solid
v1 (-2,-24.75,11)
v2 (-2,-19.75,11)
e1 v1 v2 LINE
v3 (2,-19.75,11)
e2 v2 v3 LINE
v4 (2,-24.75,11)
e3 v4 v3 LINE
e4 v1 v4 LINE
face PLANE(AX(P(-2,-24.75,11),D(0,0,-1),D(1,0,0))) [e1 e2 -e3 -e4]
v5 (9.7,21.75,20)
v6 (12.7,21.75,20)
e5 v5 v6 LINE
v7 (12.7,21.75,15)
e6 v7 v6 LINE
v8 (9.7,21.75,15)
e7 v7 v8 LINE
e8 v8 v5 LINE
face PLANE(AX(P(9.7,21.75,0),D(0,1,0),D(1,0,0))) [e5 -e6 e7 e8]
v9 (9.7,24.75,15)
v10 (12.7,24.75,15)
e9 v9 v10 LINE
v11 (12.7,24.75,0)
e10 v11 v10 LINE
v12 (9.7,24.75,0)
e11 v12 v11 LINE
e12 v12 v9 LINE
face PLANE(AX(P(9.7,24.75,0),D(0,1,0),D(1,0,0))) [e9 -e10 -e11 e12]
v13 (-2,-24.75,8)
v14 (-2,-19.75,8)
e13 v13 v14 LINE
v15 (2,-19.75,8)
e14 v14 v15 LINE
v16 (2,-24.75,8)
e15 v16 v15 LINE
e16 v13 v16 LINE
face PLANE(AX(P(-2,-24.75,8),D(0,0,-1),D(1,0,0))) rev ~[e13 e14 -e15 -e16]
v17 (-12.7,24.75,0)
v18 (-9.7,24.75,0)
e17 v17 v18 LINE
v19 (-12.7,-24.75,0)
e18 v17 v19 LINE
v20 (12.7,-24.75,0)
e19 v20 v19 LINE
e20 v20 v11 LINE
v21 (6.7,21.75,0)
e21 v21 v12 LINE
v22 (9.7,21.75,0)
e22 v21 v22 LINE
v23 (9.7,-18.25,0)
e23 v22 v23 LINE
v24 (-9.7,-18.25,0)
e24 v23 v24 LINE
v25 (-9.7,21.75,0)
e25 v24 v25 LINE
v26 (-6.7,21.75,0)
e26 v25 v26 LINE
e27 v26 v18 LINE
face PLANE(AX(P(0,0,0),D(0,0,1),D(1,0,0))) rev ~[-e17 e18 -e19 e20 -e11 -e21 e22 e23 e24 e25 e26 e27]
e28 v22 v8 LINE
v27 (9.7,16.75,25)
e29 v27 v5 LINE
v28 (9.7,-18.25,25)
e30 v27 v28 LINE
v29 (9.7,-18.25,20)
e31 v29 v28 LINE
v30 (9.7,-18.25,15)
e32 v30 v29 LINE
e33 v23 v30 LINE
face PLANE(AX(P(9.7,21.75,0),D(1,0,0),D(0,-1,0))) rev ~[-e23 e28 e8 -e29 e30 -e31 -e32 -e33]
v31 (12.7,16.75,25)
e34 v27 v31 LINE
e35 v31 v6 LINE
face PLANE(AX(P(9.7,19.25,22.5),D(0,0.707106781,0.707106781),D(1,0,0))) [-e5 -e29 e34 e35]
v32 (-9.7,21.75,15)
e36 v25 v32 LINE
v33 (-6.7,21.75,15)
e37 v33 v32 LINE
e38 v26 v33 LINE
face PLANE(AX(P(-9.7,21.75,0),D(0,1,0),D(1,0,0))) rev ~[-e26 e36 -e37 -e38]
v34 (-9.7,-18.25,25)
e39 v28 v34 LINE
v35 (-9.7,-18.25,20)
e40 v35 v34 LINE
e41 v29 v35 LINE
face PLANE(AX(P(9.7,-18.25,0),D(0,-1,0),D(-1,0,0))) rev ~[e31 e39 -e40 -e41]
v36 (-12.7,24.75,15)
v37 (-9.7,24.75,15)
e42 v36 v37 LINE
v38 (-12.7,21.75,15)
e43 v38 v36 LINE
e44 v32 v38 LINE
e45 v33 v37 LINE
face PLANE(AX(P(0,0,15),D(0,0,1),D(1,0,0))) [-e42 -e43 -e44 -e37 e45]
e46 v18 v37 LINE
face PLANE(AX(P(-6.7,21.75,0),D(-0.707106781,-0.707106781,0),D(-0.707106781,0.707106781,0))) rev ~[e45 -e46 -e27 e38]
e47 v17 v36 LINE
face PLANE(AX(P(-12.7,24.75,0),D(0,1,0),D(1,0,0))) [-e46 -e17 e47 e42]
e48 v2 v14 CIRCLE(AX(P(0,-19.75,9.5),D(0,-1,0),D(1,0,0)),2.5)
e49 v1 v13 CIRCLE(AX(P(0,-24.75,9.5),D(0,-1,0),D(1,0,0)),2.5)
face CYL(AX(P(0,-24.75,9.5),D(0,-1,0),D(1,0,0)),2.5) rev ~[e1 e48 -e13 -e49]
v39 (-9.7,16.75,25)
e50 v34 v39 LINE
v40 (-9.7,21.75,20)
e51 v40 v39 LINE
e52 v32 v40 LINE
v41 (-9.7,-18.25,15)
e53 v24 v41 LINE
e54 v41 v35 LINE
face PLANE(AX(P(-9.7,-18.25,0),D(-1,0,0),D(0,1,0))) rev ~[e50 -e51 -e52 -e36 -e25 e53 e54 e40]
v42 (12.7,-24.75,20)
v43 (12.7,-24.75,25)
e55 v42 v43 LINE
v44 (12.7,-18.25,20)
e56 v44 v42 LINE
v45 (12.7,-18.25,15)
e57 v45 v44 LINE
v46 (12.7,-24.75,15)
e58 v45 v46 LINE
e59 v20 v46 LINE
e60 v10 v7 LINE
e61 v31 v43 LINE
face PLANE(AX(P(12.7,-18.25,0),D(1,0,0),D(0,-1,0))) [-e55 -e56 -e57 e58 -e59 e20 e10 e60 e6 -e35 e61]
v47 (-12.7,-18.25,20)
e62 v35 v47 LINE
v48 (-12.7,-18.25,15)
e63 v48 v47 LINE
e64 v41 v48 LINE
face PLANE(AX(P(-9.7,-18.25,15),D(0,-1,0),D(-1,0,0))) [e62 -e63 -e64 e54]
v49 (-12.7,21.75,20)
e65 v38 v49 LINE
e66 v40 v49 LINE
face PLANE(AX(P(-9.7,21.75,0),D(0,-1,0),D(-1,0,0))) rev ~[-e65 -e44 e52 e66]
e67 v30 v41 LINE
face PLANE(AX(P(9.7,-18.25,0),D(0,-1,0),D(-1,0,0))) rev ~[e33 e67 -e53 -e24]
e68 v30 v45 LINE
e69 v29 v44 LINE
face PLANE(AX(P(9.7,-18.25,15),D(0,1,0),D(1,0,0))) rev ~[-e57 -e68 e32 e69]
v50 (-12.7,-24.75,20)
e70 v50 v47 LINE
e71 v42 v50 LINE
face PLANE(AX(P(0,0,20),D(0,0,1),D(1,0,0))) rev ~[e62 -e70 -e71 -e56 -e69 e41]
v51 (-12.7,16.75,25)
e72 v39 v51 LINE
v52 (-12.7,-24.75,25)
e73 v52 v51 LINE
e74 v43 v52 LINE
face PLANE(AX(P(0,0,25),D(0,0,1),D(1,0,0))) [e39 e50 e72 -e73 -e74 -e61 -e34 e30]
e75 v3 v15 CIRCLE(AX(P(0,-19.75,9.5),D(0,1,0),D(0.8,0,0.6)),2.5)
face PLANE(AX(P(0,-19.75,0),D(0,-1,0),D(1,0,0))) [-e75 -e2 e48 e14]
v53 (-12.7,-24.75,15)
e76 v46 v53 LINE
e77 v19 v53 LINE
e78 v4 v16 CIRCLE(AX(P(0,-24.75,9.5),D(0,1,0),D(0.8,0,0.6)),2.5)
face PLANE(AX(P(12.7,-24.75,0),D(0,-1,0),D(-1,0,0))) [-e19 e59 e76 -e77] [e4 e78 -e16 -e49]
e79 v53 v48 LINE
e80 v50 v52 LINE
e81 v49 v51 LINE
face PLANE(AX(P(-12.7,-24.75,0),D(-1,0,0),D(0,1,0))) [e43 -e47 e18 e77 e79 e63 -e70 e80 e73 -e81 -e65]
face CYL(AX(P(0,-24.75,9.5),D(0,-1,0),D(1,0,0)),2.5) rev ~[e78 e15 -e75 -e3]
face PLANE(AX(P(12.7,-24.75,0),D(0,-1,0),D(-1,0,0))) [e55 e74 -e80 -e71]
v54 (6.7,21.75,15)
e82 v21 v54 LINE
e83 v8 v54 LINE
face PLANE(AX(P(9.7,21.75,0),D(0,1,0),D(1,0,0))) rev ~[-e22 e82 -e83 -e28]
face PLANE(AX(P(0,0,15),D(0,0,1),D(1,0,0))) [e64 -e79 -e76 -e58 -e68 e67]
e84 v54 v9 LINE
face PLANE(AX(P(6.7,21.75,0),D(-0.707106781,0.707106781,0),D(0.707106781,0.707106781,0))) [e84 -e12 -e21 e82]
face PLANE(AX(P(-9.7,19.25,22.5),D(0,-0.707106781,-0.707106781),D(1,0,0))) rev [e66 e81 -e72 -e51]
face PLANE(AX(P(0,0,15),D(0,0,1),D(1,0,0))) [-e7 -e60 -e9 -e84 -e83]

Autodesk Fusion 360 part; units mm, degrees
sketch "Schizzo1" plane through (0, 0, 0) normal (0, 0, 1) x (1, 0, 0)
  line L0 (12.7, -24.75) -> (-12.7, -24.75)
  line L1 (-12.7, -24.75) -> (-12.7, 24.75)
  line L2 (12.7, 24.75) -> (12.7, -24.75)
  line L3 (12.7, -24.75) -> (-12.7, 24.75) construction
  line L4 (-12.7, -24.75) -> (12.7, 24.75) construction
  line L5 (9.7, -18.25) -> (-9.7, -18.25)
  line L6 (9.7, 21.75) -> (9.7, -18.25)
  line L7 (-9.7, -18.25) -> (-9.7, 21.75)
  line L8 (-12.7, 24.75) -> (-9.7, 24.75)
  line L9 (9.7, 24.75) -> (12.7, 24.75)
  line L10 (-9.7, 21.75) -> (-6.7, 21.75)
  line L11 (-6.7, 21.75) -> (-9.7, 24.75)
  line L12 (9.7, 21.75) -> (6.7, 21.75)
  line L13 (6.7, 21.75) -> (9.7, 24.75)
  line L14 (-9.7, -18.25) -> (-12.7, -18.25)
  line L15 (9.7, -18.25) -> (12.7, -18.25)
  line L16 (-9.7, 21.75) -> (-12.7, 21.75)
  line L17 (9.7, 21.75) -> (12.7, 21.75)
  dimension "d15" = 19.4
  dimension "d16" = 3
  dimension "d17" = 3
  dimension "d18" = 6.5
  dimension "d19" = 43
  dimension "d20" = 3
  dimension "d22" = 3
  dimension "d23" = 3
  dimension "d24" = 3
extrude "Estrusione2" add sketch "Schizzo1" along normal blind 25 contours L0 L1 L2 L5 L14 L15 | L2 L6 L15 L17 | L1 L7 L14 L16
extrude "Estrusione3" add sketch "Schizzo1" along normal blind 15 contours L2 L9 L12 L13 L17 | L1 L8 L10 L11 L16
extrude "Estrusione4" cut sketch "Schizzo1" along normal blind 5 from surface at 15 contours L0 L1 L2 L5 L14 L15
chamfer "Smusso1" distance 5 angle 45 2 edges at (11.2, 21.75, 25) (-11.2, 21.75, 25)
sketch "Schizzo2" plane through (0, -24.75, 0) normal (0, -1, 0) x (1, 0, 0)
  line L0 (12.7, 15) -> (-12.7, 15)
  line L1 (-12.7, 15) -> (-12.7, 0)
  line L2 (-12.7, 0) -> (12.7, 0)
  line L3 (12.7, 0) -> (12.7, 15)
  line L4 (0, 15) -> (0, 0) construction
  circle A0 centre (0, 9.5) radius 2.5
  line L5 (-2, 11) -> (2, 11)
  line L6 (-2, 8) -> (2, 8)
  line L7 (-2.5, 9.5) -> (2.5, 9.5) construction
  dimension "d33" = 5
  dimension "d34" = 3
  dimension "d35" = 3
extrude "Estrusione5" cut sketch "Schizzo2" against normal blind 5 contours A0 L5 L6
equation "d17 = d16"
equation "d20 = spessore"
equation "spessore = 3 mm"
equation "d22 = spessore"
equation "d23 = spessore"
equation "d24 = spessore"
